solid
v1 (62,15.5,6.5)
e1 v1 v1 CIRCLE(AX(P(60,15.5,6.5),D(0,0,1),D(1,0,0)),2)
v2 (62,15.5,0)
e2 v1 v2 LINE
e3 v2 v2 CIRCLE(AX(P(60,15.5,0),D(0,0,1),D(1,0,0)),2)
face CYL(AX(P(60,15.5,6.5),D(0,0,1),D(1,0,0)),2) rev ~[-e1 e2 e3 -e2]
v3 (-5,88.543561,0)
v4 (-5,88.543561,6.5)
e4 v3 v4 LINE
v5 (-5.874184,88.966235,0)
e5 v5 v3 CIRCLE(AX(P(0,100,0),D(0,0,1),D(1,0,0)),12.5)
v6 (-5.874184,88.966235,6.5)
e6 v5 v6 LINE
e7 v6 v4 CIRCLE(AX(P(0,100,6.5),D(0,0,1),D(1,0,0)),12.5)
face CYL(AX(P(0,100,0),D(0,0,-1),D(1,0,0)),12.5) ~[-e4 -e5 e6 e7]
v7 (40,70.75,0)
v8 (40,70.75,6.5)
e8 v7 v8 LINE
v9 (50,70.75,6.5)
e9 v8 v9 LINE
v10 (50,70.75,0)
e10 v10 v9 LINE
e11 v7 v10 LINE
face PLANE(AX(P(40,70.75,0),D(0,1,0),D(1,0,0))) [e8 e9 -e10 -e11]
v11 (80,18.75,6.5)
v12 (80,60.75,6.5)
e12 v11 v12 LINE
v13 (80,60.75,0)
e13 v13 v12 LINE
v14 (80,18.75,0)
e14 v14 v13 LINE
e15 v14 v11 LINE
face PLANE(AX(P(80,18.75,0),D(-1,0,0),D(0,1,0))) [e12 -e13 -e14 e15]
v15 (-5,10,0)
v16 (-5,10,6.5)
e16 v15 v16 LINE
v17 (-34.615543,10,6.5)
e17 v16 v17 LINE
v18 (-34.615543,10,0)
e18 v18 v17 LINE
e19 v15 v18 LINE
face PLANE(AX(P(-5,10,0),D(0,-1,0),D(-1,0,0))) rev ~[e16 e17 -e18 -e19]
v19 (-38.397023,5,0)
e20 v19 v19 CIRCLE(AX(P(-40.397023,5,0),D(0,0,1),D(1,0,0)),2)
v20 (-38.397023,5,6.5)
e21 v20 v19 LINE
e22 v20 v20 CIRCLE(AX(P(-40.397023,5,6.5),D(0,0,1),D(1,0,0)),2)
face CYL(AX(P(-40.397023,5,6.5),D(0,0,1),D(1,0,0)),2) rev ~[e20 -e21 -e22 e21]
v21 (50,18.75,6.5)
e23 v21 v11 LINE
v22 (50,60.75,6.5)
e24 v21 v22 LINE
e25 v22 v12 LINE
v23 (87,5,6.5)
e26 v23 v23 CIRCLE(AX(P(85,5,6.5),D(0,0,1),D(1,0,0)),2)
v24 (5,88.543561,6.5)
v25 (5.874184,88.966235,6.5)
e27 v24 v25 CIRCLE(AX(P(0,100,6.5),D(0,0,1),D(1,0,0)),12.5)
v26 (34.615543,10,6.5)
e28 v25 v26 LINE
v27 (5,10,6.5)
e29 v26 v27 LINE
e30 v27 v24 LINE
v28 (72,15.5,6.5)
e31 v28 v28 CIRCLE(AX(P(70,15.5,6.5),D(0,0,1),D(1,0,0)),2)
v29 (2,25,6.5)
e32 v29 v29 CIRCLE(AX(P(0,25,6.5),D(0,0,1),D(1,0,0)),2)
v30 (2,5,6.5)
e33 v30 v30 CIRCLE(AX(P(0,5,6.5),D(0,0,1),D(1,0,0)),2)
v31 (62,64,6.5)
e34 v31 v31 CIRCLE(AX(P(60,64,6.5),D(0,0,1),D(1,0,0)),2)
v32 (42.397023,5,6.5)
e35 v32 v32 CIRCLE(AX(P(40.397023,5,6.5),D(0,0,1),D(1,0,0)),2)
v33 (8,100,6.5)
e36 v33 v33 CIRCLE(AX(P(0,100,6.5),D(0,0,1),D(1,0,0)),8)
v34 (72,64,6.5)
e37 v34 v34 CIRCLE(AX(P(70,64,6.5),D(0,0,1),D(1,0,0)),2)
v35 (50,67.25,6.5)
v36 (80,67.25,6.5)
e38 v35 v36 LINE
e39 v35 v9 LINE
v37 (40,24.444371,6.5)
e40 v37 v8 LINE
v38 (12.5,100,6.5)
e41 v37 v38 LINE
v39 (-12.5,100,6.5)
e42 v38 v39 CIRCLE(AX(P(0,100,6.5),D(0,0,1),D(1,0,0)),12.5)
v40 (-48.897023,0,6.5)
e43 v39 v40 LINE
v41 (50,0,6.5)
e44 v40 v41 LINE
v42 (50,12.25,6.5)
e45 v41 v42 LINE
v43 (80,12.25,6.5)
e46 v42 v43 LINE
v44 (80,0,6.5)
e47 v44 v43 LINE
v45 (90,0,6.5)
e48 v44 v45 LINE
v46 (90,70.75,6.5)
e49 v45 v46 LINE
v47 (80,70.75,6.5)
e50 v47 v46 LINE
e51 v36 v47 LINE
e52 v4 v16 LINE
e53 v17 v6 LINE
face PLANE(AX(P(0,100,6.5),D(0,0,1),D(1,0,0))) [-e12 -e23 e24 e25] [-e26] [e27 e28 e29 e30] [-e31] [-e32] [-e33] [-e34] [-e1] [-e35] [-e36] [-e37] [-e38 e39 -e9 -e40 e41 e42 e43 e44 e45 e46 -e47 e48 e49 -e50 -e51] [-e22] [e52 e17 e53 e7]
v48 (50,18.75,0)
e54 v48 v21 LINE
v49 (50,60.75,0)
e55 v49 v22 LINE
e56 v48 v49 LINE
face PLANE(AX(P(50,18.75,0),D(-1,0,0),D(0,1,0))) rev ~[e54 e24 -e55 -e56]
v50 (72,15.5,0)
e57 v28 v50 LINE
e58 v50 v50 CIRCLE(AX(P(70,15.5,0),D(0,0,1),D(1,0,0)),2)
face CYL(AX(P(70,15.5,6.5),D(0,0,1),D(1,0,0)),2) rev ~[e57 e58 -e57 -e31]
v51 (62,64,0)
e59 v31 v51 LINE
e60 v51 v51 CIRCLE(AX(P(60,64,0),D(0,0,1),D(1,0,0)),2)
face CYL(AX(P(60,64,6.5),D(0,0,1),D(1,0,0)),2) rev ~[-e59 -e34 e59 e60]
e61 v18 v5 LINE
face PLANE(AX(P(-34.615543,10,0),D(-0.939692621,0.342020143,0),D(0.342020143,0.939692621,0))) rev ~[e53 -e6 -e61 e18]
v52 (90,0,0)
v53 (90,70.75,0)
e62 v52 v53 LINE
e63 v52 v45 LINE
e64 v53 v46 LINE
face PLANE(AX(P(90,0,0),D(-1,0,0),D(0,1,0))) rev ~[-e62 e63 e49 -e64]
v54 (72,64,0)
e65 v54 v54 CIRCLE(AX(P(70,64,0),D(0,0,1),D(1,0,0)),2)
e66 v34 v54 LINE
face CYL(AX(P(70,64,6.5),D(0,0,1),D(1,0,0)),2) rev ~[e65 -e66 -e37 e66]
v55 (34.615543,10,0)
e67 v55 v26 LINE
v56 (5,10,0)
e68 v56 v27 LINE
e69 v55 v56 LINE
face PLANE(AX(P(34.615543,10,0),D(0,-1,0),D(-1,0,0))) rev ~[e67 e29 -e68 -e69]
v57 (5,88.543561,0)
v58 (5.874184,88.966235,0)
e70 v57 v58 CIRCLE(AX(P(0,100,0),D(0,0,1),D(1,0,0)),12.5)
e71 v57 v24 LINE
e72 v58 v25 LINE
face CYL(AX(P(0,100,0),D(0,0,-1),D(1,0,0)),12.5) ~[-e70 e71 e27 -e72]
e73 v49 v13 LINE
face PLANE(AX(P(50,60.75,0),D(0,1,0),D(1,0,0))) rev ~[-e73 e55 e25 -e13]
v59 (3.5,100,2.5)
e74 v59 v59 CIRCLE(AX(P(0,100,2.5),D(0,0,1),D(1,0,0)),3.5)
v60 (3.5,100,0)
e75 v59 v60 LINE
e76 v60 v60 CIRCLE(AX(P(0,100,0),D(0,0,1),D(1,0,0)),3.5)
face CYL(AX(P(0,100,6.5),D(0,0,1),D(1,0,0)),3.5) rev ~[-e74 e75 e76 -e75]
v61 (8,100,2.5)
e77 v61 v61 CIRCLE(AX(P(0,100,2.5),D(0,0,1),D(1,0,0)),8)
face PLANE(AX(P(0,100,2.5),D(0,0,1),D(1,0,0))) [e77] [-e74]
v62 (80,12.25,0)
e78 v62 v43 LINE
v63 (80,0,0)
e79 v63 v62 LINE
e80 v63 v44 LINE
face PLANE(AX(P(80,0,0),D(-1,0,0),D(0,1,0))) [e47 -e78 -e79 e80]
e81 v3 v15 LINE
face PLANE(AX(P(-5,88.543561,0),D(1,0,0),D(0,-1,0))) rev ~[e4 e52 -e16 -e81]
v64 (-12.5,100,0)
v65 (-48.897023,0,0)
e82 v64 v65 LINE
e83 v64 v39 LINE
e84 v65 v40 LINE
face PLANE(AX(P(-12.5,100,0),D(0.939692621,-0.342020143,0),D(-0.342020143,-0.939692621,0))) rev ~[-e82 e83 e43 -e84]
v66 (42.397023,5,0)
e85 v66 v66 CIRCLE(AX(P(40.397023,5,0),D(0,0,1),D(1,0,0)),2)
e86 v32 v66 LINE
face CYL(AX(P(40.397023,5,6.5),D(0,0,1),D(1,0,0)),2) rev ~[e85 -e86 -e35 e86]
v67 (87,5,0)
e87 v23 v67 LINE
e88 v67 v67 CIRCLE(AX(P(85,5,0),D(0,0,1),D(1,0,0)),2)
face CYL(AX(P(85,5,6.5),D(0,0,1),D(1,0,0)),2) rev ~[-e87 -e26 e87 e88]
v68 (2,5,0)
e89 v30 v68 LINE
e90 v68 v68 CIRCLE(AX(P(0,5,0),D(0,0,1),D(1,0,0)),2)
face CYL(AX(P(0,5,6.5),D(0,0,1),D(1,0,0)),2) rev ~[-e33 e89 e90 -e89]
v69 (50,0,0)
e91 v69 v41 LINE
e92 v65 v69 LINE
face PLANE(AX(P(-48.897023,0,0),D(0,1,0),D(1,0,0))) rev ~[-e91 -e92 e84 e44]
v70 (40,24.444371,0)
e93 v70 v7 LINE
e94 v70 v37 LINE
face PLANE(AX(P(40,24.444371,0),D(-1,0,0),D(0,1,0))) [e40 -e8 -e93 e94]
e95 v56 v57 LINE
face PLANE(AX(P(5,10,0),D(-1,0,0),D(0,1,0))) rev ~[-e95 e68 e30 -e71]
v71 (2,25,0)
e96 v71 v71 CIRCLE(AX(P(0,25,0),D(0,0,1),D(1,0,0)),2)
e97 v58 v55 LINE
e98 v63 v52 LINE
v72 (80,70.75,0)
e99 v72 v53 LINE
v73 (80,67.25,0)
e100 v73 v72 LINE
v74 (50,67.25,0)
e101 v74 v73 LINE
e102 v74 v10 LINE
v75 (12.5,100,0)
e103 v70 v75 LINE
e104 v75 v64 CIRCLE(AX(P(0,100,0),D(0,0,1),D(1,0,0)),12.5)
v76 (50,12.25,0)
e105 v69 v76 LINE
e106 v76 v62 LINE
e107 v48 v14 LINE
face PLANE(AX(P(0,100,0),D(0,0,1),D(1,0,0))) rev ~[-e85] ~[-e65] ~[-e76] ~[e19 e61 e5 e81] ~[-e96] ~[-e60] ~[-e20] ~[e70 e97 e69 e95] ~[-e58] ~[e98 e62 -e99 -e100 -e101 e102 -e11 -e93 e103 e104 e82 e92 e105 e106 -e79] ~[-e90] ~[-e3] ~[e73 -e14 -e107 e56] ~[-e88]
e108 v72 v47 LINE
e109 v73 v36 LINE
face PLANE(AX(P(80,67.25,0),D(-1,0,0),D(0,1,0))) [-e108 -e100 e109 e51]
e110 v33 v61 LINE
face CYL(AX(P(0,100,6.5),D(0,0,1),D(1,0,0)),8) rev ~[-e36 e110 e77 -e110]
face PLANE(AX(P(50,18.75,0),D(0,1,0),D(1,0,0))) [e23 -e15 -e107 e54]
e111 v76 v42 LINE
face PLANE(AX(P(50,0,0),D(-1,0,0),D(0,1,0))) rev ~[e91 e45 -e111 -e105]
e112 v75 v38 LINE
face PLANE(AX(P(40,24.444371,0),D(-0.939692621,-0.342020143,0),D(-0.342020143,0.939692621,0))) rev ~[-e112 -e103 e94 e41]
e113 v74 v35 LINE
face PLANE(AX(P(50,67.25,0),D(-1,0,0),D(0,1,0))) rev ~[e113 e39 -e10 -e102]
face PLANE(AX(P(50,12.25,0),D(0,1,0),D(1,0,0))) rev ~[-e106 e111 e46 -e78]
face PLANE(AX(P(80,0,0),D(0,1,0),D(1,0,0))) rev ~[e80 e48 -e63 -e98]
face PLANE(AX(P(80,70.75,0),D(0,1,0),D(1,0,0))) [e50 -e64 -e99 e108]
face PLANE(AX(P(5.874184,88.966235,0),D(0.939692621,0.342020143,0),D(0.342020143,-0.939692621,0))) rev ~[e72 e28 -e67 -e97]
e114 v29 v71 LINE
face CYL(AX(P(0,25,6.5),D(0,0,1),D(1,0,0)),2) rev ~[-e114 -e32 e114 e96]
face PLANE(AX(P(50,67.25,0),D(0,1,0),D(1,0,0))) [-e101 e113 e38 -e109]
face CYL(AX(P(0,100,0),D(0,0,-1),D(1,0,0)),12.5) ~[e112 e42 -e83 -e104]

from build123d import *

# Parameters (mm, degrees)
SKETCH1_R           = 12.5
SKETCH1_W           = 10
SKETCH1_H           = 70.75
SKETCH1_W_2         = 30
SKETCH1_H_2         = 6.5
BOSS_EXTRUDE1_DEPTH = 6.5
CUT_EXTRUDE1_REACH  = 146.217
SKETCH2_R           = 3.5
SKETCH2_3_R         = 8
SKETCH2_3_R_2       = 3.5
CUT_EXTRUDE2_DEPTH  = 4
CUT_EXTRUDE4_REACH  = 146.217
SKETCH3_R           = 2
CUT_EXTRUDE6_REACH  = 146.217
SKETCH5_R           = 2


with BuildPart() as part:
    # Sketch1 → Boss-Extrude1 (new body)
    with BuildSketch(Plane.XY):
        with Locations((0, 100)):
            Circle(SKETCH1_R)
        with BuildLine():
            Line((-48.897023427, 0), (48.897023427, 0))
            Line((48.897023427, 0), (12.5, 100))
            ThreePointArc((12.5, 100), (10.716279715, 93.564834962), (5.87418415, 88.966235431))
            Line((5.87418415, 88.966235431), (34.615543359, 10))
            Line((34.615543359, 10), (-34.615543359, 10))
            Line((-34.615543359, 10), (-5.87418415, 88.966235431))
            ThreePointArc((-5.87418415, 88.966235431), (-10.716279715, 93.564834962), (-12.5, 100))
            Line((-12.5, 100), (-48.897023427, 0))
        make_face()
        with BuildLine():
            Line((-5, 10), (5, 10))
            Line((5, 10), (5, 88.543560763))
            ThreePointArc((5, 88.543560763), (0, 87.5), (-5, 88.543560763))
            Line((-5, 88.543560763), (-5, 10))
        make_face()
        with Locations((85, 35.375)):
            Rectangle(SKETCH1_W, SKETCH1_H)
        with Locations((65, 15.5)):
            Rectangle(SKETCH1_W_2, SKETCH1_H_2)
        with Locations((65, 64)):
            Rectangle(SKETCH1_W_2, SKETCH1_H_2)
        with Locations((45, 35.375)):
            Rectangle(SKETCH1_W, SKETCH1_H)
    extrude(amount=BOSS_EXTRUDE1_DEPTH)

    # Sketch2 → Cut-Extrude1 (cut, up to next)
    with BuildSketch(Plane.XY.offset(6.5), mode=Mode.PRIVATE) as cut_extrude1_sk1:
        with Locations((0, 100)):
            Circle(SKETCH2_R)
    cut_extrude1_tool1 = extrude(cut_extrude1_sk1.sketch, amount=-CUT_EXTRUDE1_REACH, mode=Mode.PRIVATE) & part.part
    add(cut_extrude1_tool1.solids().sort_by_distance((0, 100, 6.5))[0], mode=Mode.SUBTRACT)

    # Sketch2<3> → Cut-Extrude2 (cut)
    with BuildSketch(Plane.XY.offset(6.5)):
        with Locations((0, 100)):
            Circle(SKETCH2_3_R)
        with Locations((0, 100)):
            Circle(SKETCH2_3_R_2, mode=Mode.SUBTRACT)
    extrude(amount=-CUT_EXTRUDE2_DEPTH, mode=Mode.SUBTRACT)

    # Sketch3 → Cut-Extrude4 (cut, up to next)
    with BuildSketch(Plane.XY.offset(6.5), mode=Mode.PRIVATE) as cut_extrude4_sk1:
        with Locations((0, 5)):
            Circle(SKETCH3_R)
    cut_extrude4_tool1 = extrude(cut_extrude4_sk1.sketch, amount=-CUT_EXTRUDE4_REACH, mode=Mode.PRIVATE) & part.part
    # Sketch3 → Cut-Extrude4 (cut, up to next)
    with BuildSketch(Plane.XY.offset(6.5), mode=Mode.PRIVATE) as cut_extrude4_sk2:
        with Locations((40.397023427, 5)):
            Circle(SKETCH3_R)
    cut_extrude4_tool2 = extrude(cut_extrude4_sk2.sketch, amount=-CUT_EXTRUDE4_REACH, mode=Mode.PRIVATE) & part.part
    # Sketch3 → Cut-Extrude4 (cut, up to next)
    with BuildSketch(Plane.XY.offset(6.5), mode=Mode.PRIVATE) as cut_extrude4_sk3:
        with Locations((-40.397023427, 5)):
            Circle(SKETCH3_R)
    cut_extrude4_tool3 = extrude(cut_extrude4_sk3.sketch, amount=-CUT_EXTRUDE4_REACH, mode=Mode.PRIVATE) & part.part
    # Sketch3 → Cut-Extrude4 (cut, up to next)
    with BuildSketch(Plane.XY.offset(6.5), mode=Mode.PRIVATE) as cut_extrude4_sk4:
        with Locations((0, 25)):
            Circle(SKETCH3_R)
    cut_extrude4_tool4 = extrude(cut_extrude4_sk4.sketch, amount=-CUT_EXTRUDE4_REACH, mode=Mode.PRIVATE) & part.part
    # Sketch3 → Cut-Extrude4 (cut, up to next)
    with BuildSketch(Plane.XY.offset(6.5), mode=Mode.PRIVATE) as cut_extrude4_sk5:
        with Locations((85, 5)):
            Circle(SKETCH3_R)
    cut_extrude4_tool5 = extrude(cut_extrude4_sk5.sketch, amount=-CUT_EXTRUDE4_REACH, mode=Mode.PRIVATE) & part.part
    add(cut_extrude4_tool1.solids().sort_by_distance((0, 5, 6.5))[0], mode=Mode.SUBTRACT)
    add(cut_extrude4_tool2.solids().sort_by_distance((40.397023, 5, 6.5))[0], mode=Mode.SUBTRACT)
    add(cut_extrude4_tool3.solids().sort_by_distance((-40.397023, 5, 6.5))[0], mode=Mode.SUBTRACT)
    add(cut_extrude4_tool4.solids().sort_by_distance((0, 25, 6.5))[0], mode=Mode.SUBTRACT)
    add(cut_extrude4_tool5.solids().sort_by_distance((85, 5, 6.5))[0], mode=Mode.SUBTRACT)

    # Sketch5 → Cut-Extrude6 (cut, up to next)
    with BuildSketch(Plane.XY.offset(6.5), mode=Mode.PRIVATE) as cut_extrude6_sk1:
        with Locations((60, 64)):
            Circle(SKETCH5_R)
    cut_extrude6_tool1 = extrude(cut_extrude6_sk1.sketch, amount=-CUT_EXTRUDE6_REACH, mode=Mode.PRIVATE) & part.part
    # Sketch5 → Cut-Extrude6 (cut, up to next)
    with BuildSketch(Plane.XY.offset(6.5), mode=Mode.PRIVATE) as cut_extrude6_sk2:
        with Locations((70, 64)):
            Circle(SKETCH5_R)
    cut_extrude6_tool2 = extrude(cut_extrude6_sk2.sketch, amount=-CUT_EXTRUDE6_REACH, mode=Mode.PRIVATE) & part.part
    # Sketch5 → Cut-Extrude6 (cut, up to next)
    with BuildSketch(Plane.XY.offset(6.5), mode=Mode.PRIVATE) as cut_extrude6_sk3:
        with Locations((70, 15.5)):
            Circle(SKETCH5_R)
    cut_extrude6_tool3 = extrude(cut_extrude6_sk3.sketch, amount=-CUT_EXTRUDE6_REACH, mode=Mode.PRIVATE) & part.part
    # Sketch5 → Cut-Extrude6 (cut, up to next)
    with BuildSketch(Plane.XY.offset(6.5), mode=Mode.PRIVATE) as cut_extrude6_sk4:
        with Locations((60, 15.5)):
            Circle(SKETCH5_R)
    cut_extrude6_tool4 = extrude(cut_extrude6_sk4.sketch, amount=-CUT_EXTRUDE6_REACH, mode=Mode.PRIVATE) & part.part
    add(cut_extrude6_tool1.solids().sort_by_distance((60, 64, 6.5))[0], mode=Mode.SUBTRACT)
    add(cut_extrude6_tool2.solids().sort_by_distance((70, 64, 6.5))[0], mode=Mode.SUBTRACT)
    add(cut_extrude6_tool3.solids().sort_by_distance((70, 15.5, 6.5))[0], mode=Mode.SUBTRACT)
    add(cut_extrude6_tool4.solids().sort_by_distance((60, 15.5, 6.5))[0], mode=Mode.SUBTRACT)


solid = part.part
